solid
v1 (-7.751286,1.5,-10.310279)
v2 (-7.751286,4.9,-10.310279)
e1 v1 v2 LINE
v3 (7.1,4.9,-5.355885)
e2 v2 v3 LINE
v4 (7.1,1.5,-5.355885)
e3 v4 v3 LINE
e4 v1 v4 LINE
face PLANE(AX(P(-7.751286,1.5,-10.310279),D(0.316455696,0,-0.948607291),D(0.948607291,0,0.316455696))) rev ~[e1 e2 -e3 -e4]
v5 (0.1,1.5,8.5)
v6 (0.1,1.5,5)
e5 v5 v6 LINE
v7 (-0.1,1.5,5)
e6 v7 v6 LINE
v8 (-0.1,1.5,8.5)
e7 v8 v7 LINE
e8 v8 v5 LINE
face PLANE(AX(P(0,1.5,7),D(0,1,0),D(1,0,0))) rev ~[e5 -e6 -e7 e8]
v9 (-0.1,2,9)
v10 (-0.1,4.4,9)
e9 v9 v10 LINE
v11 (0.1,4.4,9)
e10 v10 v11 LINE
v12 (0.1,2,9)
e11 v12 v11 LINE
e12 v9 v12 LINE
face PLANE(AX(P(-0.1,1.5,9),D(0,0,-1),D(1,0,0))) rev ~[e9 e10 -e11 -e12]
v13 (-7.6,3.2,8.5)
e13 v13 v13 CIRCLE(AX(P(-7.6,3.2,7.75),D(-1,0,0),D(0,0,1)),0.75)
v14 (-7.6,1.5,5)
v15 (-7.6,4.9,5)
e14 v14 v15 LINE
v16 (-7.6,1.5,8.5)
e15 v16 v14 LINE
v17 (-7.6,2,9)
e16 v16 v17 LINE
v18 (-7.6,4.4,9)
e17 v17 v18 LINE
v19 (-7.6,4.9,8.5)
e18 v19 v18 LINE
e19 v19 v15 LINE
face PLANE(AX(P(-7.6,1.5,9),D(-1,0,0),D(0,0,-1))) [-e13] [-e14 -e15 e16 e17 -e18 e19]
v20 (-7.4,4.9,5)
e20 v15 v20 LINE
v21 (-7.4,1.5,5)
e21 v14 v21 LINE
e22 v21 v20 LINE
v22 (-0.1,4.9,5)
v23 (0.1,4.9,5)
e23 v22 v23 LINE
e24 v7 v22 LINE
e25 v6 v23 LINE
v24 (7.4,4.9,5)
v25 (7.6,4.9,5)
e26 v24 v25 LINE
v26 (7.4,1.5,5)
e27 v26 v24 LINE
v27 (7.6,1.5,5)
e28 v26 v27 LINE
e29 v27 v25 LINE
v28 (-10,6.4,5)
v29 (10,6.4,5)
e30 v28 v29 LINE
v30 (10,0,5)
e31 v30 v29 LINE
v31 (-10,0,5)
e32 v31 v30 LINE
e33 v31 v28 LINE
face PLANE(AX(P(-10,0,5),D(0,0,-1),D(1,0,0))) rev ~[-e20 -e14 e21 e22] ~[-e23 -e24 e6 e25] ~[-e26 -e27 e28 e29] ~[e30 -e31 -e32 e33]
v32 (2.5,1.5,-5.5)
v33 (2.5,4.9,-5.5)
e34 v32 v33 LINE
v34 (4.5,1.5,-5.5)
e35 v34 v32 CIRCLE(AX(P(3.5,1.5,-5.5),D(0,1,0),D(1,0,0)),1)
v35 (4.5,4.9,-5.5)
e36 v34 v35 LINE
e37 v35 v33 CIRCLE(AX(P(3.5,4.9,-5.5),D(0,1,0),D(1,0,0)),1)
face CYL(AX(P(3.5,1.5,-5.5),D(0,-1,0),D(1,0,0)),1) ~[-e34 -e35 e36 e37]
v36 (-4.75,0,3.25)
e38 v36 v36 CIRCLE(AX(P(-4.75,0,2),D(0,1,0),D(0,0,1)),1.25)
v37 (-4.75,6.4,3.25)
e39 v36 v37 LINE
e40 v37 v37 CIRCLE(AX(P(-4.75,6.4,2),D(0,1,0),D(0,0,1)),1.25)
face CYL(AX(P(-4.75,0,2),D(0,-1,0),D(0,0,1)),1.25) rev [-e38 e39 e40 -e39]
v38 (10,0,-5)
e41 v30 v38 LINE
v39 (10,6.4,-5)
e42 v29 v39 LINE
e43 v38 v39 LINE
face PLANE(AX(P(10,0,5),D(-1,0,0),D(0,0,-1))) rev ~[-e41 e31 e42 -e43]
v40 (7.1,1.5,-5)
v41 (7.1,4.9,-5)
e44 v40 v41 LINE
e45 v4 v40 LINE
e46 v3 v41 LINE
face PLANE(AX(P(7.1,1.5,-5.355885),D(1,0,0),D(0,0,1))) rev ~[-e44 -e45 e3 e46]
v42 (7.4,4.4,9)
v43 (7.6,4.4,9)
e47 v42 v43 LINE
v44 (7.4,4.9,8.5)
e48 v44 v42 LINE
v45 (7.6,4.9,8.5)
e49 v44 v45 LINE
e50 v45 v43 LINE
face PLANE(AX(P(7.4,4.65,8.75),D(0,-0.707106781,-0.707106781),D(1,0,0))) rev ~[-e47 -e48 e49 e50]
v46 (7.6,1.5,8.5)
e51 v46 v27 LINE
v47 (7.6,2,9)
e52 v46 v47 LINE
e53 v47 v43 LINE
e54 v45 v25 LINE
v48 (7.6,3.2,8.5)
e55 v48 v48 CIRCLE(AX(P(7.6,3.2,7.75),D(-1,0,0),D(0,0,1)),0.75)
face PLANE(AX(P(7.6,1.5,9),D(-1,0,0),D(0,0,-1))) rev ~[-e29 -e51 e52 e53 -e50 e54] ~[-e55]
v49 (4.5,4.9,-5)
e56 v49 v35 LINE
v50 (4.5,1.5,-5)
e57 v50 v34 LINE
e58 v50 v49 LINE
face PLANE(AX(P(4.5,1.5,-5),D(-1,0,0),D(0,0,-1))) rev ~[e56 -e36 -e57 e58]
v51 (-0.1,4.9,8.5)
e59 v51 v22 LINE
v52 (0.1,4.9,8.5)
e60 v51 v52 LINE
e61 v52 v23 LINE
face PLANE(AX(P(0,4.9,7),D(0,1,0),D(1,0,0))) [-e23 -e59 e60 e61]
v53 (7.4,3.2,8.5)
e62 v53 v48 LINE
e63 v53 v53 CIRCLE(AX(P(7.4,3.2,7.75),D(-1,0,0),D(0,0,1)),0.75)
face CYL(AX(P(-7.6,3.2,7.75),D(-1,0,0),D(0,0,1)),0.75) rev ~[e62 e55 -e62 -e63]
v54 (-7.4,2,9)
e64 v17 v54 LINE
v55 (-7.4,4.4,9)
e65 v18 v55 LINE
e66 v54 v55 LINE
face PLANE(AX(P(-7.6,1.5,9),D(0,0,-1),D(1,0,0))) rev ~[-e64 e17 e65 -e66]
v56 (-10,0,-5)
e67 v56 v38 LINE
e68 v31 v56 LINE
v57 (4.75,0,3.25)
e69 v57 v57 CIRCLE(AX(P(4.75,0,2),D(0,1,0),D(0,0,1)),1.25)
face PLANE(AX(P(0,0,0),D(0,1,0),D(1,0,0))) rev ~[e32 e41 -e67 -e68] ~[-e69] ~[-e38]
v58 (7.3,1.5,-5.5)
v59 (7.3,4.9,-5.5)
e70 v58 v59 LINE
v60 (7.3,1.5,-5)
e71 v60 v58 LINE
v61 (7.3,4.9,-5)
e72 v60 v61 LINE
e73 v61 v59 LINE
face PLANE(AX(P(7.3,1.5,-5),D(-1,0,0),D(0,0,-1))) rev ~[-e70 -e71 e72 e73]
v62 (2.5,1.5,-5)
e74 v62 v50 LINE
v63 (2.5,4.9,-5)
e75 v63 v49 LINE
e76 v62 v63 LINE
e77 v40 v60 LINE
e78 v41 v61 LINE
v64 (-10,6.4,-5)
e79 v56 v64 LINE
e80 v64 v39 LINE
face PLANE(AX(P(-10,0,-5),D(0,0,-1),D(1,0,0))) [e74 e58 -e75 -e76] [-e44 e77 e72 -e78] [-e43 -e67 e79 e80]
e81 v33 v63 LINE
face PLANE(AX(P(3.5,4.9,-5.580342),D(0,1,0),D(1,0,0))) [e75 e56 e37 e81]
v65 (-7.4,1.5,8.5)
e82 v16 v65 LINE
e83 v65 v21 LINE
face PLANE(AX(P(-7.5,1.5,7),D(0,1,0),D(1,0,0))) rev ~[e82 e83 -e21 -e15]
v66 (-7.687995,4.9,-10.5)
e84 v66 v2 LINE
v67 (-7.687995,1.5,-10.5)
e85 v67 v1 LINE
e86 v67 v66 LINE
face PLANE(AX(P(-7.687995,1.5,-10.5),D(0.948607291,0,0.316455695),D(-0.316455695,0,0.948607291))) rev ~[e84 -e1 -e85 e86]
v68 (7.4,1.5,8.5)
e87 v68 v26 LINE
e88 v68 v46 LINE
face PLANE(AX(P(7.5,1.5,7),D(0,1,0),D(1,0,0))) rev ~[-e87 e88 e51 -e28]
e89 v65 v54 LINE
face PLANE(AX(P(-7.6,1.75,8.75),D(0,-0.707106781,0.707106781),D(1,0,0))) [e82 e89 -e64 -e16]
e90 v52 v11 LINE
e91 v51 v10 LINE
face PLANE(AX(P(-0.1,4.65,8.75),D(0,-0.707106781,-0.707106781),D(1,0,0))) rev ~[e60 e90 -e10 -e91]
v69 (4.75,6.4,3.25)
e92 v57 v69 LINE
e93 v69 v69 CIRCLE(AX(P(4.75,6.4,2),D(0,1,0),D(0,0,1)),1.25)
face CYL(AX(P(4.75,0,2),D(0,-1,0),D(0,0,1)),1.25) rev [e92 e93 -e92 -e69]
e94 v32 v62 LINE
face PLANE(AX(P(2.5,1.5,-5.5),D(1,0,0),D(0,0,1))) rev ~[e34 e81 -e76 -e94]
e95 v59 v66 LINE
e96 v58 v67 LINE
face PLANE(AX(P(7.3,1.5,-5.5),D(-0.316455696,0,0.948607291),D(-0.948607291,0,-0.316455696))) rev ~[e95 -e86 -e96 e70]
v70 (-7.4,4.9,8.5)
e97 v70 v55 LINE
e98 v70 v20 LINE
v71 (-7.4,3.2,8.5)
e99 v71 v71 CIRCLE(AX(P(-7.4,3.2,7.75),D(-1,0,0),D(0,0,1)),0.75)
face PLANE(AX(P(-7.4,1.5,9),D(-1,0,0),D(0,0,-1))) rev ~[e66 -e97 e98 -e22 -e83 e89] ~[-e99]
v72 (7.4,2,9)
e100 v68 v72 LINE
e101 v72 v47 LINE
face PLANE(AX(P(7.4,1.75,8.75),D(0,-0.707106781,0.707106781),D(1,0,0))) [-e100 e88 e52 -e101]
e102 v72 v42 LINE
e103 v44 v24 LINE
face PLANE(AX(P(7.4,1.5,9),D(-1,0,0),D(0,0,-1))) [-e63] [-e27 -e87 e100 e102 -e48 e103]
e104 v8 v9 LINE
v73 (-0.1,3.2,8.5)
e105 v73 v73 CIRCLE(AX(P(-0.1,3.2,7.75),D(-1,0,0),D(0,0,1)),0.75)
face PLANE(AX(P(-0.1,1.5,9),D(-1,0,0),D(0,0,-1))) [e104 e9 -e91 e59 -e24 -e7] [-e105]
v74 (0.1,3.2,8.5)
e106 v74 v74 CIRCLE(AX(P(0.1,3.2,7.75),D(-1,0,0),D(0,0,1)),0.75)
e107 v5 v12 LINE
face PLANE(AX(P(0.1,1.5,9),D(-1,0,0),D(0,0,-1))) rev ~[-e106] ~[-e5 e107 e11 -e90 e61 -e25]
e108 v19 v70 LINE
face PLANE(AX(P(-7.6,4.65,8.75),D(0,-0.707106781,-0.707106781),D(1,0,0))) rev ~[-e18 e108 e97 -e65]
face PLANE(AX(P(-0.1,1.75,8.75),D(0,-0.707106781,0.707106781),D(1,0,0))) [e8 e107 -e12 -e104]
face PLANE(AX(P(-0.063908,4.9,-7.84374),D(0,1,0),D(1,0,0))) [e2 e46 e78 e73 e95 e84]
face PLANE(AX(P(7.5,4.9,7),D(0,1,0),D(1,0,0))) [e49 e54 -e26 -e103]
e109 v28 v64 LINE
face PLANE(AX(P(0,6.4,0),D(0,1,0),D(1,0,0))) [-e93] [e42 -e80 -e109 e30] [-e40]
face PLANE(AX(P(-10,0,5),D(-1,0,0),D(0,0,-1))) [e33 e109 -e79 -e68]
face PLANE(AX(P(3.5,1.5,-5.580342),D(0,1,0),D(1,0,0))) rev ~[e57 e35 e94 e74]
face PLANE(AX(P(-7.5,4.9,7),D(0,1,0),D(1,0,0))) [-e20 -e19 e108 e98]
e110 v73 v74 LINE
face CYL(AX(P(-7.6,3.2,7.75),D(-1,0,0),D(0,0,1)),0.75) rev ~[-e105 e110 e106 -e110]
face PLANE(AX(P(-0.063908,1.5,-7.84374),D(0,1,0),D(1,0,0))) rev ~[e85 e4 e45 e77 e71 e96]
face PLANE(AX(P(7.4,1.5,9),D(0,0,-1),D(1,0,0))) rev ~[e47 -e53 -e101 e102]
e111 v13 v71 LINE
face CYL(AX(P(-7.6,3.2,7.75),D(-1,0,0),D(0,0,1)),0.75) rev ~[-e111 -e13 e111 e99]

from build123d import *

# Parameters (mm, degrees)
SKETCH1_R           = 1.25
BOSS_EXTRUDE1_DEPTH = 6.4
BOSS_EXTRUDE2_START = 1.5
SKETCH1_3_W         = 0.2
SKETCH1_3_H         = 4
BOSS_EXTRUDE2_DEPTH = 3.4
CHAMFER2_SIZE       = 0.5
SKETCH3_R           = 0.75
CUT_EXTRUDE2_DEPTH  = 20.4


with BuildPart() as part:
    # Sketch1 → Boss-Extrude1 (new body)
    with BuildSketch(Plane(origin=(0, 0, 0), x_dir=(1, 0, 0), z_dir=(0, 1, 0))):
        Polygon((10, 5), (7.3, 5), (7.1, 5), (4.5, 5), (2.5, 5), (-10, 5), (-10, -5), (-7.6, -5), (-7.4, -5), (-0.1, -5), (0.1, -5), (7.4, -5), (7.6, -5), (10, -5), align=None)
        with Locations((-4.75, -2)):
            Circle(SKETCH1_R, mode=Mode.SUBTRACT)
        with Locations((4.75, -2)):
            Circle(SKETCH1_R, mode=Mode.SUBTRACT)
    extrude(amount=BOSS_EXTRUDE1_DEPTH)

    # Sketch1<3> → Boss-Extrude2 (add)
    with BuildSketch(Plane(origin=(0, 0, 0), x_dir=(1, 0, 0), z_dir=(0, 1, 0)).offset(BOSS_EXTRUDE2_START)):
        Polygon((7.1, 5), (7.3, 5), (7.3, 5.5), (-7.687995196, 10.5), (-7.751286335, 10.310278542), (7.1, 5.355884662), align=None)
        with BuildLine():
            Line((2.5, 5), (4.5, 5))
            Line((4.5, 5), (4.5, 5.5))
            ThreePointArc((4.5, 5.5), (3.5, 6.5), (2.5, 5.5))
            Line((2.5, 5.5), (2.5, 5))
        make_face()
        with Locations((7.5, -7)):
            Rectangle(SKETCH1_3_W, SKETCH1_3_H)
        with Locations((0, -7)):
            Rectangle(SKETCH1_3_W, SKETCH1_3_H)
        with Locations((-7.5, -7)):
            Rectangle(SKETCH1_3_W, SKETCH1_3_H)
    extrude(amount=BOSS_EXTRUDE2_DEPTH)

    # Chamfer2
    chamfer2_edges = [part.edges().sort_by_distance(p)[0] for p in [
        (7.5, 1.5, 9),
        (7.5, 4.9, 9),
        (0, 1.5, 9),
        (0, 4.9, 9),
        (-7.5, 1.5, 9),
        (-7.5, 4.9, 9),
    ]]
    chamfer(chamfer2_edges, length=CHAMFER2_SIZE)

    # Sketch3 → Cut-Extrude2 (cut)
    with BuildSketch(Plane.ZY.offset(7.6)):
        with Locations((7.75, 3.2)):
            Circle(SKETCH3_R)
    extrude(amount=-CUT_EXTRUDE2_DEPTH, mode=Mode.SUBTRACT)


solid = part.part
